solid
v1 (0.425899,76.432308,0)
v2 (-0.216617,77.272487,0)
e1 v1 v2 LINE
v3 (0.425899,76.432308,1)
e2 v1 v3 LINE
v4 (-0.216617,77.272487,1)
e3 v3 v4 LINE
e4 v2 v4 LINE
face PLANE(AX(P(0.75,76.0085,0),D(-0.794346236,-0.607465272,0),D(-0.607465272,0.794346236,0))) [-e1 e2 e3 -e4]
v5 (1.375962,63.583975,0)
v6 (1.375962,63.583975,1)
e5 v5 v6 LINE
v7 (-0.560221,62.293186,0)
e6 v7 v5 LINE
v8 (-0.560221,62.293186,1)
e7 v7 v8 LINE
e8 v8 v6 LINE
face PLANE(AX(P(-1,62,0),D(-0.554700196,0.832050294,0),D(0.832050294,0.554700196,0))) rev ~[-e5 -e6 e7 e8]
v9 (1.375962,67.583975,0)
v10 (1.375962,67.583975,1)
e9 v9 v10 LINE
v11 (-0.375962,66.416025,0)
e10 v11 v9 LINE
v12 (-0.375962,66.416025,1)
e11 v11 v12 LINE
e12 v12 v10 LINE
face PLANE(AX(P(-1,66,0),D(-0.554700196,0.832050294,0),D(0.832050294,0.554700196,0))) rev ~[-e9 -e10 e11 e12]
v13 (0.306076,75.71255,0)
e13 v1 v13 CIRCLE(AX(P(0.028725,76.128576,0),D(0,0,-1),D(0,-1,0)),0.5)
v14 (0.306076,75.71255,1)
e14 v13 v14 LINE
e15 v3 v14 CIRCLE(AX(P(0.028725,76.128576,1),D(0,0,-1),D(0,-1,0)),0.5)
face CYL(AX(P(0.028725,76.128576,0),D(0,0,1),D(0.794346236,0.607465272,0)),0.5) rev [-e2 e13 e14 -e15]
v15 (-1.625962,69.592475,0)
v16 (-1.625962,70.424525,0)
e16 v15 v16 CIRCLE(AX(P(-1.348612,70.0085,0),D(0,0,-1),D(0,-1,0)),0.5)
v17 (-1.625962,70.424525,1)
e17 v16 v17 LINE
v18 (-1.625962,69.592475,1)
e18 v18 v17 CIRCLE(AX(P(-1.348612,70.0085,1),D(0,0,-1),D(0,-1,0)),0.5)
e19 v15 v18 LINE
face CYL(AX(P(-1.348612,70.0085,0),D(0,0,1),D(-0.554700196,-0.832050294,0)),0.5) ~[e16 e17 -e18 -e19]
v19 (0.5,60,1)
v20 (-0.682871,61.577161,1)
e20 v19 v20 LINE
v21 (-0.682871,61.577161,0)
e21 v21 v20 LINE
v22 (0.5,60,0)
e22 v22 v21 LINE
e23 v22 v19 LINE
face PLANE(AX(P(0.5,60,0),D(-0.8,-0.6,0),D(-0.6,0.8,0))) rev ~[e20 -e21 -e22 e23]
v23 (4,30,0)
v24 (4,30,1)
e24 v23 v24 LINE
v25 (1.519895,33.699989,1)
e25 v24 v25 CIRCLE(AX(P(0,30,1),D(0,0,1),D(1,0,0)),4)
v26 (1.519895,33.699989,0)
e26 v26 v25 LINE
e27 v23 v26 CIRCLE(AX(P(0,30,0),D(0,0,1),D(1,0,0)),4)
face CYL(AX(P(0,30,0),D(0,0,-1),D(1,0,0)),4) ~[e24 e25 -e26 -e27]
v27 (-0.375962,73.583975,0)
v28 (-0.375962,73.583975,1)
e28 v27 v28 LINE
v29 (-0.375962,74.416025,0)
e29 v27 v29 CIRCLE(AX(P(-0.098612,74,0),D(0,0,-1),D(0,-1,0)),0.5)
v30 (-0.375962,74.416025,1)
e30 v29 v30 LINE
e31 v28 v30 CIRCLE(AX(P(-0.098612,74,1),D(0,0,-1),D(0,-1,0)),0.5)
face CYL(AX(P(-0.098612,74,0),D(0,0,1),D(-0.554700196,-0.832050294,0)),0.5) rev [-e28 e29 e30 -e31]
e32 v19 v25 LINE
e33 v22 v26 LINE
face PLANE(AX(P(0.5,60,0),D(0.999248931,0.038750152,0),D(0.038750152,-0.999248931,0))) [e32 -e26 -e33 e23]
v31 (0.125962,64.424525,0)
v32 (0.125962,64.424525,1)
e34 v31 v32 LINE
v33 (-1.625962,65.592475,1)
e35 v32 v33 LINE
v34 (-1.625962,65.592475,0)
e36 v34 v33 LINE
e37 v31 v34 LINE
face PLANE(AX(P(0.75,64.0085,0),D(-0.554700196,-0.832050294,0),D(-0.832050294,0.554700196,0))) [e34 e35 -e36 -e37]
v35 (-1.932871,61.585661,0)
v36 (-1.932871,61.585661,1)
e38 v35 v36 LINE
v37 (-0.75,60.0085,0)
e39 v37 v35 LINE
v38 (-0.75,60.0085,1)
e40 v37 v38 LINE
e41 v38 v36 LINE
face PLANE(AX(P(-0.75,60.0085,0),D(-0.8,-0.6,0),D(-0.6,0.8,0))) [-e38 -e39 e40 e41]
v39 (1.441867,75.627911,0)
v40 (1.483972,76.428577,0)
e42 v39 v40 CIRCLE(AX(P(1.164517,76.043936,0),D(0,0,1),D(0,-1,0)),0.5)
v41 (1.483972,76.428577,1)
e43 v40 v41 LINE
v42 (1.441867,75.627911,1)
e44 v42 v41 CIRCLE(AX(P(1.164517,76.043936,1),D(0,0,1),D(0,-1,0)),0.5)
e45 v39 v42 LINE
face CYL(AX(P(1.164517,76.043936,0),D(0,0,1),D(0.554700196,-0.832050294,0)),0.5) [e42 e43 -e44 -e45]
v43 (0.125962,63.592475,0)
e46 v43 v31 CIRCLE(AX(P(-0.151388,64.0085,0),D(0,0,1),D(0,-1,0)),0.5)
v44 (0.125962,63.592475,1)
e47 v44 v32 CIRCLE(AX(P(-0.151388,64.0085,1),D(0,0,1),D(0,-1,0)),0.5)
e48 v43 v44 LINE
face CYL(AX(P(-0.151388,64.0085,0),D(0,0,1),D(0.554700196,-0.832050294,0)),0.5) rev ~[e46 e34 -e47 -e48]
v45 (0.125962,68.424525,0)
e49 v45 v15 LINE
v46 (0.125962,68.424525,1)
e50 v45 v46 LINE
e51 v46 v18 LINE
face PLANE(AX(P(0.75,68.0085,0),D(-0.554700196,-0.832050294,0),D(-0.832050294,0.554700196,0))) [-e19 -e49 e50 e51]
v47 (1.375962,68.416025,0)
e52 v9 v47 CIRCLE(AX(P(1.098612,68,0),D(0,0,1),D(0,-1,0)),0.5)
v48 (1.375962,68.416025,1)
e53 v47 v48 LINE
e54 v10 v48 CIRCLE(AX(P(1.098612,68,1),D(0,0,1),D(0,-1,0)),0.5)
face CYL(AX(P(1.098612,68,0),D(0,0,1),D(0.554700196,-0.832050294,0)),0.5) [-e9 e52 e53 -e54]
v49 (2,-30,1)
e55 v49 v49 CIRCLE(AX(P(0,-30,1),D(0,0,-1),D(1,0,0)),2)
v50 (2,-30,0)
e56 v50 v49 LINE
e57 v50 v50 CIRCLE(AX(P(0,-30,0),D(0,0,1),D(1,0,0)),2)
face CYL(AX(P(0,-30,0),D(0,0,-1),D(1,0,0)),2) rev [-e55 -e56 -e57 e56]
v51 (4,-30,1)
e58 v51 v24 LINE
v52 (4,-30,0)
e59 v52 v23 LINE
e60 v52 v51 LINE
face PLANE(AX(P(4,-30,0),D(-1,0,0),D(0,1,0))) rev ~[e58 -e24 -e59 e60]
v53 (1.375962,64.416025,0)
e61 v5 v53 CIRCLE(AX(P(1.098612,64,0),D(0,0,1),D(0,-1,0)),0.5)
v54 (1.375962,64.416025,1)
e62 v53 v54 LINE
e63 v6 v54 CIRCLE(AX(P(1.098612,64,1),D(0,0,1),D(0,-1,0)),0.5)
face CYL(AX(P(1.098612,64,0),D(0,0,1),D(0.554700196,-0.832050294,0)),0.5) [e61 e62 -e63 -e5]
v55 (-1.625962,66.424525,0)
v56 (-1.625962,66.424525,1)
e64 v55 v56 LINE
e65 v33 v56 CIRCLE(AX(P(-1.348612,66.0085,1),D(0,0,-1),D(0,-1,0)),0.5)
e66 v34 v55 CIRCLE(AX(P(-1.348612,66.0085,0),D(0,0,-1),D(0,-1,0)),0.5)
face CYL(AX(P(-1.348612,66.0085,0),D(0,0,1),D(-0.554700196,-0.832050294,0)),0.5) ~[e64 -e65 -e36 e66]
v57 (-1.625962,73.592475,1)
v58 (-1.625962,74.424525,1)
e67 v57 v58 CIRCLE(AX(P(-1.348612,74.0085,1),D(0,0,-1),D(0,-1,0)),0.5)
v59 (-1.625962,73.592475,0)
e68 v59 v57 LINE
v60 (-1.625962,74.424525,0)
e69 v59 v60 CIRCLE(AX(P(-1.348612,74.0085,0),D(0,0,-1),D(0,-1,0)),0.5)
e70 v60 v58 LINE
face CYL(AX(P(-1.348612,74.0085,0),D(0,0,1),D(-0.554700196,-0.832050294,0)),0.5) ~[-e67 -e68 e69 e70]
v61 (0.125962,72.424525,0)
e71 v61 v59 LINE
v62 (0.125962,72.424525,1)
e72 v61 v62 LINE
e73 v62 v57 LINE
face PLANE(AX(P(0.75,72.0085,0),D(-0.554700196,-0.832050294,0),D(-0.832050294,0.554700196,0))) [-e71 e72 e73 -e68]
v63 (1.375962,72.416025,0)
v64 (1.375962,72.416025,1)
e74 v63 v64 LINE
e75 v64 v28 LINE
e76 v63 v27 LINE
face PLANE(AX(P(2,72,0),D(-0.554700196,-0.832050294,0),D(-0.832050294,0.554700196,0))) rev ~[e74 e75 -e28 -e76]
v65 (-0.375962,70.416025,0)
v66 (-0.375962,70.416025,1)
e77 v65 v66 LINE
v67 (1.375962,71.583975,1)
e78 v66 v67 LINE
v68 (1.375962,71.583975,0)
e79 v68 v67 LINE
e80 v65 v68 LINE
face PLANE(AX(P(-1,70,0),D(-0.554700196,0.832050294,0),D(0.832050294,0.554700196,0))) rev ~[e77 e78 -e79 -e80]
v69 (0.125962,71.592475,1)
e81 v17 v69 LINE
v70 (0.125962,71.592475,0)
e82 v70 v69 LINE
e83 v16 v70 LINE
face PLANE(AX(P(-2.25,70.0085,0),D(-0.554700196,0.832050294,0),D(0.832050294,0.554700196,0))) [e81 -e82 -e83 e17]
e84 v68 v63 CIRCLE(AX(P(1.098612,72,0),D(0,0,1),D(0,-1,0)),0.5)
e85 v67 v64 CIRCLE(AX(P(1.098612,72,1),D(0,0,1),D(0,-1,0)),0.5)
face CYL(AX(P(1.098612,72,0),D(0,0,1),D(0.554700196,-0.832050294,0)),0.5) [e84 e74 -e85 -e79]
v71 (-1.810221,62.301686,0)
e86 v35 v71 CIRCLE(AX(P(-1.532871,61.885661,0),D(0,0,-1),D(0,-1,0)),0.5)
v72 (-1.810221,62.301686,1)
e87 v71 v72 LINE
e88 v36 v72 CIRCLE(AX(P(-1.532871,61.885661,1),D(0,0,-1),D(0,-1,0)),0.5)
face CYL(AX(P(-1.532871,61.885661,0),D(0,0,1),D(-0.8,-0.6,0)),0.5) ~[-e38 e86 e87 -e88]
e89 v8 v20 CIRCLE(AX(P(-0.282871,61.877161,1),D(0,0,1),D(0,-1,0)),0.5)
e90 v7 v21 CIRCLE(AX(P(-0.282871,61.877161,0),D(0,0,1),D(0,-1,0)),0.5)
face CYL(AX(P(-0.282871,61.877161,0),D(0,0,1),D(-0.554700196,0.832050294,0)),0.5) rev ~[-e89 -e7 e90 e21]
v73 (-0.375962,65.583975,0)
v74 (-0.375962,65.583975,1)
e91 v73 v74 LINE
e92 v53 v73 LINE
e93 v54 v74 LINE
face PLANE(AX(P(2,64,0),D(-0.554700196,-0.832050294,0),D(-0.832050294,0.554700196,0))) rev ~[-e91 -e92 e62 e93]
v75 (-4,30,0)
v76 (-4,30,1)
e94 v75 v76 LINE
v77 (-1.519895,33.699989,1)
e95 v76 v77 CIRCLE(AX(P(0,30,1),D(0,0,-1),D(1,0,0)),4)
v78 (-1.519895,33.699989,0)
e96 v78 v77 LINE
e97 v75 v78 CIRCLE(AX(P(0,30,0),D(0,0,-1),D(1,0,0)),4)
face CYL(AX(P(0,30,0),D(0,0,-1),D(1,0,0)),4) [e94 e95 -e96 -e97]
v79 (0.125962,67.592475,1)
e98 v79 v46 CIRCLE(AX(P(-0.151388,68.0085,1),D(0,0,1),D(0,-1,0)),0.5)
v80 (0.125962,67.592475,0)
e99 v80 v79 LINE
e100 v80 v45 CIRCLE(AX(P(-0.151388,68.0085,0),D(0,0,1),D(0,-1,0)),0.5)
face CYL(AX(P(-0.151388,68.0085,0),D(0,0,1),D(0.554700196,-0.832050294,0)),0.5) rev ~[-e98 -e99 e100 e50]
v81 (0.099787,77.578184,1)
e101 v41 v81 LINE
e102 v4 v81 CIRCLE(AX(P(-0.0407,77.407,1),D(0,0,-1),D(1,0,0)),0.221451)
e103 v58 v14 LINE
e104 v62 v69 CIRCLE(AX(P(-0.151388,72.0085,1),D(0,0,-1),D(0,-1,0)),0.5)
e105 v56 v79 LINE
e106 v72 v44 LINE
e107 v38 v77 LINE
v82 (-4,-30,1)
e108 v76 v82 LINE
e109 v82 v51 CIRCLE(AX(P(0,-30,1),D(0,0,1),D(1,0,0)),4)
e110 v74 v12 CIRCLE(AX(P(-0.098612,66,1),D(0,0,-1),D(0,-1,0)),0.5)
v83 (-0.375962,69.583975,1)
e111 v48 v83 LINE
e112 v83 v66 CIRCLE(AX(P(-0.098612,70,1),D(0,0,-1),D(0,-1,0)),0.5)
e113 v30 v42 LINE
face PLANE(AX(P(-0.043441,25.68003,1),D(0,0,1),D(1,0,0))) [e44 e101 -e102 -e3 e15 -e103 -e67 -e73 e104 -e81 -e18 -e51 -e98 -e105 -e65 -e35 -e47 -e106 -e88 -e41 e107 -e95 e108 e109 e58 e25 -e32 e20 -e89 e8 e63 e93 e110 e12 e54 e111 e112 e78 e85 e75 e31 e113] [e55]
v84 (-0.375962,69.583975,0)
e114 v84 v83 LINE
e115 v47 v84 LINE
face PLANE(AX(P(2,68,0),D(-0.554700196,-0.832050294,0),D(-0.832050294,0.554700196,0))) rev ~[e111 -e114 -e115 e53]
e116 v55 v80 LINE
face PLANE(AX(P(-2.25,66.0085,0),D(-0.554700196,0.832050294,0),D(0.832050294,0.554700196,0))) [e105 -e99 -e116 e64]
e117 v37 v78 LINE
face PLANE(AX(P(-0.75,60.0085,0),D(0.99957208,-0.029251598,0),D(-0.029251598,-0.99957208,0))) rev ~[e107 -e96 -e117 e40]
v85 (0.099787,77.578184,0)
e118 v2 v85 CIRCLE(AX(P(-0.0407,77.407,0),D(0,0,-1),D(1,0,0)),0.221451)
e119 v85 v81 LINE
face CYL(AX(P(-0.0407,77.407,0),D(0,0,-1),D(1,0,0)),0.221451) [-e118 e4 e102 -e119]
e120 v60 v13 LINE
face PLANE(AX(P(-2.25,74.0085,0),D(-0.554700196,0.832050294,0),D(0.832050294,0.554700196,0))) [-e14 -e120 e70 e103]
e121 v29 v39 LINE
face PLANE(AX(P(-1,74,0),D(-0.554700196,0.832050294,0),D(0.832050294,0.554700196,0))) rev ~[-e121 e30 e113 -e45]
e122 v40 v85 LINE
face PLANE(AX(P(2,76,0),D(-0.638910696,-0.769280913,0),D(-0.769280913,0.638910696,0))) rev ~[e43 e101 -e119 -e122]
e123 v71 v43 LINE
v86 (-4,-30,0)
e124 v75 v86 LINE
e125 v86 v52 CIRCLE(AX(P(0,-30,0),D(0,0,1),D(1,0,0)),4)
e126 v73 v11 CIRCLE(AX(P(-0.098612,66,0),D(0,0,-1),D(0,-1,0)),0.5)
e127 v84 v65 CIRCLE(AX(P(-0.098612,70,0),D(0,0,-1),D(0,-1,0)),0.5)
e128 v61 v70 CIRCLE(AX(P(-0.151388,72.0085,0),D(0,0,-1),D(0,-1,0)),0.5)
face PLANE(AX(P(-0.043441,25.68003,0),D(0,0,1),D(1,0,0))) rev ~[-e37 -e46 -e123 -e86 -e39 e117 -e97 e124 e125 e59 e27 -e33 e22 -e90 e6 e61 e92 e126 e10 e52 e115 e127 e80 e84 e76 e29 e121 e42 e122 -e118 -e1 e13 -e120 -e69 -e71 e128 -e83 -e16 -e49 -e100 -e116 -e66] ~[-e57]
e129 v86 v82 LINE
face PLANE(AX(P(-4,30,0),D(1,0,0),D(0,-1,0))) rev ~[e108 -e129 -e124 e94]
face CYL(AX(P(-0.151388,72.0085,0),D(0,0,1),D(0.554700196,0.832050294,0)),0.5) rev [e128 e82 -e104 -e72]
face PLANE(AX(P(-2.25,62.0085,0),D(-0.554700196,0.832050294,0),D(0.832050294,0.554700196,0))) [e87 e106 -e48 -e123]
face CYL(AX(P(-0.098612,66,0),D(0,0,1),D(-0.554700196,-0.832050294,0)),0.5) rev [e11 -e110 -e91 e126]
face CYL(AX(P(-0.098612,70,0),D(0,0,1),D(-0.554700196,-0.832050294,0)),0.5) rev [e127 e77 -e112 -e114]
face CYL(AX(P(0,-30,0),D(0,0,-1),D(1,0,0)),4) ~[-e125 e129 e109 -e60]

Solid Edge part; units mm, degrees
sketch "Sketch1" plane through (0, 0, 0) normal (0, 0, 1) x (1, 0, 0)
  line L0 (4, -30) -> (4, 30)
  arc A0 (4, 30) -> (1.5199, 33.7) centre (0, 30) ccw
  line L1 (0.5, 60) -> (1.5199, 33.7)
  line L2 (0.5, 60) -> (-1, 62)
  line L3 (-1, 62) -> (2, 64)
  line L4 (2, 64) -> (-1, 66)
  line L5 (-1, 66) -> (2, 68)
  line L6 (2, 68) -> (-1, 70)
  line L7 (-1, 70) -> (2, 72)
  line L8 (2, 72) -> (-1, 74)
  line L9 (-1, 74) -> (2, 76)
  line L10 (2, 76) -> (0.0998, 77.5782)
  arc A1 (-0.2166, 77.2725) -> (0.0998, 77.5782) centre (-0.0407, 77.407) cw
  line L11 (0.75, 76.0085) -> (-0.2166, 77.2725)
  line L12 (-2.25, 74.0085) -> (0.75, 76.0085)
  line L13 (0.75, 72.0085) -> (-2.25, 74.0085)
  line L14 (-2.25, 70.0085) -> (0.75, 72.0085)
  line L15 (0.75, 68.0085) -> (-2.25, 70.0085)
  line L16 (-2.25, 66.0085) -> (0.75, 68.0085)
  line L17 (0.75, 64.0085) -> (-2.25, 66.0085)
  line L18 (-2.25, 62.0085) -> (0.75, 64.0085)
  line L19 (-0.75, 60.0085) -> (-2.25, 62.0085)
  line L20 (-0.75, 60.0085) -> (-1.5199, 33.7)
  arc A2 (-4, 30) -> (-1.5199, 33.7) centre (0, 30) cw
  line L21 (-4, 30) -> (-4, -30)
  arc A3 (-4, -30) -> (4, -30) centre (0, -30) ccw
  dimension "D1" = 4
  dimension "D2" = 0.5
extrude "Ajout_matière_1" add sketch "Sketch1" along normal blind 1
sketch "Sketch2" plane through (0, 0, 0) normal (0, 0, 1) x (1, 0, 0)
  circle A0 centre (0, -30) radius 2
  dimension "D1" = 4
extrude "Cutout1" cut sketch "Sketch2" along normal up to next
fillet "Congé_1" radius 0.5 8 edges at (-2.25, 62.0085, 0.5) (-2.25, 66.0085, 0.5) (-2.25, 70.0085, 0.5) (-2.25, 74.0085, 0.5) (2, 64, 0.5) (2, 68, 0.5) (2, 72, 0.5) (2, 76, 0.5)
fillet "Congé_2" radius 0.5 8 edges at (0.75, 64.0085, 0.5) (0.75, 72.0085, 0.5) (0.75, 68.0085, 0.5) (0.75, 76.0085, 0.5) (-1, 74, 0.5) (-1, 70, 0.5) (-1, 66, 0.5) (-1, 62, 0.5)
properties material "Acier S235"
